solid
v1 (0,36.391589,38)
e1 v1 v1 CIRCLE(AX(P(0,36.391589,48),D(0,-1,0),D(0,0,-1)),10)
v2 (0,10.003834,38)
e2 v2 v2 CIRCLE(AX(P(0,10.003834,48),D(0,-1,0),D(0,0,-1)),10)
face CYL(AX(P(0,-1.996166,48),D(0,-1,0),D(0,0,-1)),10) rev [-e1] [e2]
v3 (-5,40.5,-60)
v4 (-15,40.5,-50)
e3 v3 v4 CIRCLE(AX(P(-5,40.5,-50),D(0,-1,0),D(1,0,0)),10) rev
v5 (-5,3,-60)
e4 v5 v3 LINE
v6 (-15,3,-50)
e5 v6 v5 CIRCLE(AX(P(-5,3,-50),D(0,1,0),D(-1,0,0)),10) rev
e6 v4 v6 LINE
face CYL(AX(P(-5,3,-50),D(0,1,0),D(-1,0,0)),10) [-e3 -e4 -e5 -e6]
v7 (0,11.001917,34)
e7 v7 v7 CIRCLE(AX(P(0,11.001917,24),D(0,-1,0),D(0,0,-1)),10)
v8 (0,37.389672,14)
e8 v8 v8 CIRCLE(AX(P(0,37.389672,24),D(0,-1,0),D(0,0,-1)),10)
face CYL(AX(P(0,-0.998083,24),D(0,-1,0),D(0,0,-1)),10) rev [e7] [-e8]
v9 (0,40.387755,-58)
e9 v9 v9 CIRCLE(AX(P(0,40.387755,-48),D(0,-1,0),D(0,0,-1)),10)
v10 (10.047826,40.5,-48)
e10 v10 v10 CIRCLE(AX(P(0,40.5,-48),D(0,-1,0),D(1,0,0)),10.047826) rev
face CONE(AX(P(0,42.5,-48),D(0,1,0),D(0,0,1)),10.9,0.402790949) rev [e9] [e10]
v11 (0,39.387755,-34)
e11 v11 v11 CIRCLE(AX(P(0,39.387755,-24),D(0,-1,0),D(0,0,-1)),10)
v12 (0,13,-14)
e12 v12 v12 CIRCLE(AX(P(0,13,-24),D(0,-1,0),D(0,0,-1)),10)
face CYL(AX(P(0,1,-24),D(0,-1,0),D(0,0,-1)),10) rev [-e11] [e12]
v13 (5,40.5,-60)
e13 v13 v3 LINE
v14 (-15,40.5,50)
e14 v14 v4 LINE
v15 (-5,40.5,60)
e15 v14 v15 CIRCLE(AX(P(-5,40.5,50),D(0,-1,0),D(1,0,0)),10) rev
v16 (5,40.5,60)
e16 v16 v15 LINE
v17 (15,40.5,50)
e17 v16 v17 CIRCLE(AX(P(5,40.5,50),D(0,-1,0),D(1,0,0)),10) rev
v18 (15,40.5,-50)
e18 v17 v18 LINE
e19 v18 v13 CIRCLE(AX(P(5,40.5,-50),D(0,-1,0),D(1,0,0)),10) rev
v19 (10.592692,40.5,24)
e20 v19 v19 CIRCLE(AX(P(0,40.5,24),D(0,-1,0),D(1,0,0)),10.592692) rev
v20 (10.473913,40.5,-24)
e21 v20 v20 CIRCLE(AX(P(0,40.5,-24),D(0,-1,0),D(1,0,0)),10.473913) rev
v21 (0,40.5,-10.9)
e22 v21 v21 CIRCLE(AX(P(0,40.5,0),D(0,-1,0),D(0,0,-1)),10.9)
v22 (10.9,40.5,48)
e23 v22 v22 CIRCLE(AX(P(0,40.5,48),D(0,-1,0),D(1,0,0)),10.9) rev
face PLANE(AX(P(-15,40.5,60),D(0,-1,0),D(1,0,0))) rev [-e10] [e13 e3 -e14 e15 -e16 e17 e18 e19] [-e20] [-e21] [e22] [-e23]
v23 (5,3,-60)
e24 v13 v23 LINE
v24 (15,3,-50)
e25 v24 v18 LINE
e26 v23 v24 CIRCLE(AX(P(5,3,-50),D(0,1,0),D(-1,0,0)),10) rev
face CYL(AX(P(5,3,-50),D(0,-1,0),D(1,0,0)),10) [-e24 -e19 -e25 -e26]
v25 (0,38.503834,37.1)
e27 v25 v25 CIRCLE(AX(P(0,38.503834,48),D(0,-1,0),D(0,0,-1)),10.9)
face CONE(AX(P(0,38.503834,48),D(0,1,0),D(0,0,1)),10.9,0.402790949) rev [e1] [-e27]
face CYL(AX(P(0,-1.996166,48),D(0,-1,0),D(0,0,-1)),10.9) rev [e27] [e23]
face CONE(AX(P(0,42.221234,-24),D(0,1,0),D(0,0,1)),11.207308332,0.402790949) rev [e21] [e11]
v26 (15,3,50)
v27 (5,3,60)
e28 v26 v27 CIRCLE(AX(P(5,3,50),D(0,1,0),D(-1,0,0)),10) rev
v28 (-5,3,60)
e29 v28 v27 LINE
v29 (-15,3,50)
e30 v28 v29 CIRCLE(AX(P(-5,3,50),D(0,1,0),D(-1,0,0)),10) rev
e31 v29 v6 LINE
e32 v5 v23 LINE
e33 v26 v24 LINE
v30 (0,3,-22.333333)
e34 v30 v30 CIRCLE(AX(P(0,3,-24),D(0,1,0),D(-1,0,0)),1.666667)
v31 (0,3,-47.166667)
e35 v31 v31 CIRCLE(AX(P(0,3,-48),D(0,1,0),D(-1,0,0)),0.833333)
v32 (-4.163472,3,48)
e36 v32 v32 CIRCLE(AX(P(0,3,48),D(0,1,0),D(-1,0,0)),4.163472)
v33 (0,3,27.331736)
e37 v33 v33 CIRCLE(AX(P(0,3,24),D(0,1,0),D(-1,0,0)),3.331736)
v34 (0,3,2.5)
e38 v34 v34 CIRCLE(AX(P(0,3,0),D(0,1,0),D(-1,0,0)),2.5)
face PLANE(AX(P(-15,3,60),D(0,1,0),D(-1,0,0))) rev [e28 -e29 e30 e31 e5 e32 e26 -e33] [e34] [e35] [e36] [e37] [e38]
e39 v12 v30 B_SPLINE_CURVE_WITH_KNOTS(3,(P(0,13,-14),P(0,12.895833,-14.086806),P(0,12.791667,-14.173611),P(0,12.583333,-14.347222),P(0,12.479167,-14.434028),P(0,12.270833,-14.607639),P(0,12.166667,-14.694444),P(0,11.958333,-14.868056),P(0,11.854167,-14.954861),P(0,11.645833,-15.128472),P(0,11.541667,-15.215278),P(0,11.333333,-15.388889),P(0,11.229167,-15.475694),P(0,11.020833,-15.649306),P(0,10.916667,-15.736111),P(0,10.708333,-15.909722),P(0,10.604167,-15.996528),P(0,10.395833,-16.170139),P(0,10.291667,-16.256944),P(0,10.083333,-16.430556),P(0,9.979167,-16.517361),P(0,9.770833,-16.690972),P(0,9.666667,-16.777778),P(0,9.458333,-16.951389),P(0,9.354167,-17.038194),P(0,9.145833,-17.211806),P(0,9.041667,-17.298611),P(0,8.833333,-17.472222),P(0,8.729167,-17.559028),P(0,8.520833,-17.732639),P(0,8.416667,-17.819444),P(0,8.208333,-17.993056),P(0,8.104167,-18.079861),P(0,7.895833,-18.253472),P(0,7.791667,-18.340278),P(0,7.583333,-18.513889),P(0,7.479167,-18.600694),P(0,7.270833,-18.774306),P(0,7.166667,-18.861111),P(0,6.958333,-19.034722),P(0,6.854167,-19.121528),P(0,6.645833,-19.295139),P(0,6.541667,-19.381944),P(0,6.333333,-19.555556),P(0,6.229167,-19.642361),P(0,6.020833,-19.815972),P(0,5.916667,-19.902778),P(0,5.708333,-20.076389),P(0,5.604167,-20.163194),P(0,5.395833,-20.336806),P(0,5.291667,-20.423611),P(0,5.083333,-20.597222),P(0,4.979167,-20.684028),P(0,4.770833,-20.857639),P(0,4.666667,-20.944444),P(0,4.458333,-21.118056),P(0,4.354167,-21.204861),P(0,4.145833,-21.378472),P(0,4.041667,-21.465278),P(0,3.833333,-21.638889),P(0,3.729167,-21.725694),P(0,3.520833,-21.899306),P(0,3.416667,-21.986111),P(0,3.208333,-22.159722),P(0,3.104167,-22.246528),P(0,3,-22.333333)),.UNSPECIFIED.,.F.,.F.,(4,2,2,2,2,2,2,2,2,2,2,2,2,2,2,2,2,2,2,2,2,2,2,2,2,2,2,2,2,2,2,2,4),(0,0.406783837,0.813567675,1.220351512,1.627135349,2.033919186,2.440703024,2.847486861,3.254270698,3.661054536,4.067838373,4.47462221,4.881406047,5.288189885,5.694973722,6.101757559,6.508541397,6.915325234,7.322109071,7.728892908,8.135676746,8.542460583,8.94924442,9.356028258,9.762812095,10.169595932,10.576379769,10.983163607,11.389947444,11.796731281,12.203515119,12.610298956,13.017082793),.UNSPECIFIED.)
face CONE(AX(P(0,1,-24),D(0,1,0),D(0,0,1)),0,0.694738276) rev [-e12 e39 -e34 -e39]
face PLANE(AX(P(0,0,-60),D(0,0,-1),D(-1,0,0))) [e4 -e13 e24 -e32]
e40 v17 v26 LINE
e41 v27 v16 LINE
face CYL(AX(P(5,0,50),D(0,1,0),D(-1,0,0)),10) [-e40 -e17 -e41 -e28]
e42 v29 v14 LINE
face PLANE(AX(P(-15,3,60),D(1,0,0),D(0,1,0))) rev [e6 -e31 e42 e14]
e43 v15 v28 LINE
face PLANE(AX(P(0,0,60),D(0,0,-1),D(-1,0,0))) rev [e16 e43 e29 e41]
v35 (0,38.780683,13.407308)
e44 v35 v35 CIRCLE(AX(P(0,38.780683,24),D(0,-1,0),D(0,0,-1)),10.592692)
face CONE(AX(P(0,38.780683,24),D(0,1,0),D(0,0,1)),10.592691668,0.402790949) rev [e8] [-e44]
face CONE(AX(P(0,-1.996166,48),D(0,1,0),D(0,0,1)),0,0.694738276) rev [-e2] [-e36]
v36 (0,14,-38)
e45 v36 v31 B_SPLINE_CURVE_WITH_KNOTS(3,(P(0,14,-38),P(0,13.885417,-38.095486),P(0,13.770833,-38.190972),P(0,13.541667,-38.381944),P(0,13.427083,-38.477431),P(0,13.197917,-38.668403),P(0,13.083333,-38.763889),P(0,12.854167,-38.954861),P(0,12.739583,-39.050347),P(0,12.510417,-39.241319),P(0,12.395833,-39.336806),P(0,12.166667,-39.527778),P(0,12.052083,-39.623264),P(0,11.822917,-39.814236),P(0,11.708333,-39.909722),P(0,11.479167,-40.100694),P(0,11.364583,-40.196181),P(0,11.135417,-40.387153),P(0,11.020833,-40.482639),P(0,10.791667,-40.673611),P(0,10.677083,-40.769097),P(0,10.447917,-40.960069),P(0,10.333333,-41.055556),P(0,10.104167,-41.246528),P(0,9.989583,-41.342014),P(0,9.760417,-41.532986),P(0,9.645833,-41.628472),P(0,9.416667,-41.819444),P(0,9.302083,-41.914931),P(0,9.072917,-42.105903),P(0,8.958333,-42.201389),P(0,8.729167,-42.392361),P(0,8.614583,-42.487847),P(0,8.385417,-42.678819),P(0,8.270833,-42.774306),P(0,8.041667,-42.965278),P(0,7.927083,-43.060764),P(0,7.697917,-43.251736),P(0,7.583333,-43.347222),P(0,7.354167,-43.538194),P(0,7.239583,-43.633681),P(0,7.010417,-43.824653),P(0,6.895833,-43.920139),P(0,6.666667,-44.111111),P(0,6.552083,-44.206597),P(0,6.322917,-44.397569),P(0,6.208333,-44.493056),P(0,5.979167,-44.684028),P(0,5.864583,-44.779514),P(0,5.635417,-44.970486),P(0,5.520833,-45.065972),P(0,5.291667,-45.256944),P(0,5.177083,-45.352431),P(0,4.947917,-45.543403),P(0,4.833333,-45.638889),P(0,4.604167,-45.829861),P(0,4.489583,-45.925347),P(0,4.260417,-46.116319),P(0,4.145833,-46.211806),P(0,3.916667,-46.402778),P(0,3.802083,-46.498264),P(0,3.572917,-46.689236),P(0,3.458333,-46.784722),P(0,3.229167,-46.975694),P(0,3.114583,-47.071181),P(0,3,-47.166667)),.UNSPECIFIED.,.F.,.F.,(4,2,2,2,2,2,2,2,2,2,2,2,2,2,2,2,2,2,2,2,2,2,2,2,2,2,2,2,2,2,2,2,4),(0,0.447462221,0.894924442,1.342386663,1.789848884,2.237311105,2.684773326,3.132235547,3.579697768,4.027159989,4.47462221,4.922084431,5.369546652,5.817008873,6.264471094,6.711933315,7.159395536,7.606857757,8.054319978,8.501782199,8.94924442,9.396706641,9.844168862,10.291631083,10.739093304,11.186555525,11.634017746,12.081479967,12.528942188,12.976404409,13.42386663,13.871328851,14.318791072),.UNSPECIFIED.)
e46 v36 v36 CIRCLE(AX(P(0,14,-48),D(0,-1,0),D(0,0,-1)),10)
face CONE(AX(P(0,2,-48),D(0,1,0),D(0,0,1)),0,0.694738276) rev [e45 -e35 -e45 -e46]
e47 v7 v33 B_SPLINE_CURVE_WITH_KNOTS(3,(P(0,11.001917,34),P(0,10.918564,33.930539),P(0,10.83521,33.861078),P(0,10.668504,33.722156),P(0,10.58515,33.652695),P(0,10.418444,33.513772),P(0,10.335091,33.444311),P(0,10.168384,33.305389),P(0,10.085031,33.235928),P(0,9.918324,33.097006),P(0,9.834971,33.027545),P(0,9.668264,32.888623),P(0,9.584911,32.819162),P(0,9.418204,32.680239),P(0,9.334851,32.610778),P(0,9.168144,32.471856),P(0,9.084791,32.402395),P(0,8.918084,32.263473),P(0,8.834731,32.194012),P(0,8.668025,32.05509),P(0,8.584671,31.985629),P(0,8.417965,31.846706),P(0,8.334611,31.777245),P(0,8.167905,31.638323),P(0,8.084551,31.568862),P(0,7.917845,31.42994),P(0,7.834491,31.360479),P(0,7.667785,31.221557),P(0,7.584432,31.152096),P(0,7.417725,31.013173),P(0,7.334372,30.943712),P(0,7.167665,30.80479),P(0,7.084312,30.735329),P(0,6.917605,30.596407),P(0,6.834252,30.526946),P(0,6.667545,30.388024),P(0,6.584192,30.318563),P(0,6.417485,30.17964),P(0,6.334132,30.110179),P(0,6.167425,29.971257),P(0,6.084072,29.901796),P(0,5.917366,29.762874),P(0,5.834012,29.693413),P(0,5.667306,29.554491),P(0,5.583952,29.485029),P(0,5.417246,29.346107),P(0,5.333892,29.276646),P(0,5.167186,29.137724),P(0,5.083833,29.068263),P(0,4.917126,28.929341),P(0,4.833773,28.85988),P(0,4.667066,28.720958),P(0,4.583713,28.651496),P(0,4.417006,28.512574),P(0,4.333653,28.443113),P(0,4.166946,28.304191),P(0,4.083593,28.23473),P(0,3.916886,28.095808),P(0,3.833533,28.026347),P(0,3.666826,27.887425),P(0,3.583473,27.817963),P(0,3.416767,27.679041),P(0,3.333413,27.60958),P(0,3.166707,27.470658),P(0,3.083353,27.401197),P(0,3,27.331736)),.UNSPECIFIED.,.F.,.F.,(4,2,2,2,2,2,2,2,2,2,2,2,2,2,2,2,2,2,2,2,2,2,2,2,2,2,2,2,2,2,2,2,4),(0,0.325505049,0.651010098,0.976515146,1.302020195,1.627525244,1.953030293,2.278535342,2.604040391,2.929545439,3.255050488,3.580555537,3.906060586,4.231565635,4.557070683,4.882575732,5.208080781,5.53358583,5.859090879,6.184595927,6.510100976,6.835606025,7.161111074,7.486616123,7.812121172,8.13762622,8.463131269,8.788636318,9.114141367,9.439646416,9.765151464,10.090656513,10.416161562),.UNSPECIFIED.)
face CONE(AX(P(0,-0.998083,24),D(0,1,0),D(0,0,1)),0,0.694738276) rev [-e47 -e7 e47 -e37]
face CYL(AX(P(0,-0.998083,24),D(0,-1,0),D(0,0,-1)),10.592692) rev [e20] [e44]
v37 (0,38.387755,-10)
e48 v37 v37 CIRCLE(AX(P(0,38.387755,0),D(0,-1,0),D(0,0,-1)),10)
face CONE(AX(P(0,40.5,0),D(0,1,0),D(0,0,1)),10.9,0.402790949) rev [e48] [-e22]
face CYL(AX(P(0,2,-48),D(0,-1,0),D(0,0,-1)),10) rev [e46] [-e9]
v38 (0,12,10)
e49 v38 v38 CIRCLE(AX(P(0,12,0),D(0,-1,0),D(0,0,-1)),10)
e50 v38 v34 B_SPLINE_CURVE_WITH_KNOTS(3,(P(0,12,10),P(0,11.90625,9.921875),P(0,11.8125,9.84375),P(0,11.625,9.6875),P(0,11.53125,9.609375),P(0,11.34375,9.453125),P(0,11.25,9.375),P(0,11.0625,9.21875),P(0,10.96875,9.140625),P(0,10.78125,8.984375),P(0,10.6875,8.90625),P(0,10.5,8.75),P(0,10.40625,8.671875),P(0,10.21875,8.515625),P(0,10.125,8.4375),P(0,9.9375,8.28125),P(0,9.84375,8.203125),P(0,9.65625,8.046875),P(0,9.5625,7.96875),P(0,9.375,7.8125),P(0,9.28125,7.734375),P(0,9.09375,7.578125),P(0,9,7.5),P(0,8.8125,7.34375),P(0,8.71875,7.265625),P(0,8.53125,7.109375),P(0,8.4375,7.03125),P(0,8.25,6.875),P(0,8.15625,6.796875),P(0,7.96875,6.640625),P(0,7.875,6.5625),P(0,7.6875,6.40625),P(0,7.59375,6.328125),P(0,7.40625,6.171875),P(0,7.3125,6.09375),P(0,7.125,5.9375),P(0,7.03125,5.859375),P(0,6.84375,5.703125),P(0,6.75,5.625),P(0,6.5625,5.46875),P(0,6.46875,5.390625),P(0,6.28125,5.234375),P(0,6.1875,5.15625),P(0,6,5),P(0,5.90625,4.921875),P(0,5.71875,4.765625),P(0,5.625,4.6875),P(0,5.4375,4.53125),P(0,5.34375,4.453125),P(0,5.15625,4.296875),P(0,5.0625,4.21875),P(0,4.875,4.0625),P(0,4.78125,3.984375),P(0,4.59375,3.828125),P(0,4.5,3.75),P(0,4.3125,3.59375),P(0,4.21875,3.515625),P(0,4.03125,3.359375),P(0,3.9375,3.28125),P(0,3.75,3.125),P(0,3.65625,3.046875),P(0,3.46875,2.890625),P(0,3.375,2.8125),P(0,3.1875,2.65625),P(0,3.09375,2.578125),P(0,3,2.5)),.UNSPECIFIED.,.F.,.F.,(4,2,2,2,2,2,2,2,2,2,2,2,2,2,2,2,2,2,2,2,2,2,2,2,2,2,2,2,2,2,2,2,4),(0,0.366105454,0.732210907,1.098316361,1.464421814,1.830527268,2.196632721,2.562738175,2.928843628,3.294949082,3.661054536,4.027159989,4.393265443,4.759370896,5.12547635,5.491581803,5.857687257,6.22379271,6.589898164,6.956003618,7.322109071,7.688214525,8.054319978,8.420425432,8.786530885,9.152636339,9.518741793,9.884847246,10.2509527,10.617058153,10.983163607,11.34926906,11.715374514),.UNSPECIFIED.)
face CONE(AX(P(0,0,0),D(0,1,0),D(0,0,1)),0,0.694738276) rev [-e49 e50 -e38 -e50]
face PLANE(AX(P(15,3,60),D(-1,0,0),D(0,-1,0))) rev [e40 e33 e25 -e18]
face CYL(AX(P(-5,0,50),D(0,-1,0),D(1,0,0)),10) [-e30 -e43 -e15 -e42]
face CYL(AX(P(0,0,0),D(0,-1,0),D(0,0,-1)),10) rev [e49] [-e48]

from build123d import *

# Parameters (mm, degrees)
BOSS_EXTRUDE1_DEPTH      = 60
BOSS_EXTRUDE1_DEPTH_BACK = 60
SKETCH2_W                = 30
SKETCH2_H                = 37.5
FILLET1_R                = 10


with BuildPart() as part:
    # Sketch1 → Revolve1 (revolve)
    with BuildSketch(Plane(origin=(0, 0, 0), x_dir=(0, 0, -1), z_dir=(1, 0, 0))):
        Polygon((0, 40.5), (0, 0), (10, 12), (10, 38.387755102), (10.9, 40.5), (10.9, 42.5), (0, 42.5), align=None)
    revolve(axis=Axis((0, 0, 0), (0, 1, 0)))


with BuildPart() as body_2:
    # Sketch1<3> → Revolve2 (revolve)
    with BuildSketch(Plane(origin=(0, 0, 0), x_dir=(0, 0, -1), z_dir=(1, 0, 0))):
        Polygon((24, 41.5), (24, 1), (34, 13), (34, 39.387755102), (35.207308332, 42.221233841), (35.207308332, 42.5), (24, 42.5), align=None)
    revolve(axis=Axis((0, 1, -24), (0, 1, 0)))


with BuildPart() as body_3:
    # Sketch1<4> → Revolve3 (revolve)
    with BuildSketch(Plane(origin=(0, 0, 0), x_dir=(0, 0, -1), z_dir=(1, 0, 0))):
        Polygon((48, 42.5), (48, 2), (58, 14), (58, 40.387755102), (58.9, 42.5), align=None)
    revolve(axis=Axis((0, 2, -48), (0, 1, 0)))


with BuildPart() as body_4:
    # Sketch1<5> → Revolve4 (revolve)
    with BuildSketch(Plane(origin=(0, 0, 0), x_dir=(0, 0, -1), z_dir=(1, 0, 0))):
        Polygon((-24, 39.501916964), (-24, -0.998083036), (-14, 11.001916964), (-14, 37.389672066), (-13.407308332, 38.780683123), (-13.407308332, 42.5), (-24, 42.5), align=None)
    revolve(axis=Axis((0, -0.998083036, 24), (0, 1, 0)))


with BuildPart() as body_5:
    # Sketch1<6> → Revolve5 (revolve)
    with BuildSketch(Plane(origin=(0, 0, 0), x_dir=(0, 0, -1), z_dir=(1, 0, 0))):
        Polygon((-48, 38.503833927), (-48, -1.996166073), (-38, 10.003833927), (-38, 36.391589029), (-37.1, 38.503833927), (-37.1, 42.5), (-48, 42.5), align=None)
    revolve(axis=Axis((0, -1.996166073, 48), (0, 1, 0)))


with BuildPart() as body_6:
    # Sketch2 → Boss-Extrude1 (new, two sides: drawn at the far end of the back side and taken through both)
    with BuildSketch(Plane.XY.offset(-BOSS_EXTRUDE1_DEPTH_BACK)):
        with Locations((0, 21.75)):
            Rectangle(SKETCH2_W, SKETCH2_H)
    extrude(amount=BOSS_EXTRUDE1_DEPTH + BOSS_EXTRUDE1_DEPTH_BACK)

    # Combine1: cut part, body 5, body 2, body 3, body 4
    add(part.part, mode=Mode.SUBTRACT)
    add(body_5.part, mode=Mode.SUBTRACT)
    add(body_2.part, mode=Mode.SUBTRACT)
    add(body_3.part, mode=Mode.SUBTRACT)
    add(body_4.part, mode=Mode.SUBTRACT)

    # Fillet1
    fillet1_edges = [body_6.edges().sort_by_distance(p)[0] for p in [
        (-15, 21.75, -60),
        (15, 21.75, -60),
        (15, 21.75, 60),
        (-15, 21.75, 60),
    ]]
    fillet(fillet1_edges, radius=FILLET1_R)


solid = body_6.part
